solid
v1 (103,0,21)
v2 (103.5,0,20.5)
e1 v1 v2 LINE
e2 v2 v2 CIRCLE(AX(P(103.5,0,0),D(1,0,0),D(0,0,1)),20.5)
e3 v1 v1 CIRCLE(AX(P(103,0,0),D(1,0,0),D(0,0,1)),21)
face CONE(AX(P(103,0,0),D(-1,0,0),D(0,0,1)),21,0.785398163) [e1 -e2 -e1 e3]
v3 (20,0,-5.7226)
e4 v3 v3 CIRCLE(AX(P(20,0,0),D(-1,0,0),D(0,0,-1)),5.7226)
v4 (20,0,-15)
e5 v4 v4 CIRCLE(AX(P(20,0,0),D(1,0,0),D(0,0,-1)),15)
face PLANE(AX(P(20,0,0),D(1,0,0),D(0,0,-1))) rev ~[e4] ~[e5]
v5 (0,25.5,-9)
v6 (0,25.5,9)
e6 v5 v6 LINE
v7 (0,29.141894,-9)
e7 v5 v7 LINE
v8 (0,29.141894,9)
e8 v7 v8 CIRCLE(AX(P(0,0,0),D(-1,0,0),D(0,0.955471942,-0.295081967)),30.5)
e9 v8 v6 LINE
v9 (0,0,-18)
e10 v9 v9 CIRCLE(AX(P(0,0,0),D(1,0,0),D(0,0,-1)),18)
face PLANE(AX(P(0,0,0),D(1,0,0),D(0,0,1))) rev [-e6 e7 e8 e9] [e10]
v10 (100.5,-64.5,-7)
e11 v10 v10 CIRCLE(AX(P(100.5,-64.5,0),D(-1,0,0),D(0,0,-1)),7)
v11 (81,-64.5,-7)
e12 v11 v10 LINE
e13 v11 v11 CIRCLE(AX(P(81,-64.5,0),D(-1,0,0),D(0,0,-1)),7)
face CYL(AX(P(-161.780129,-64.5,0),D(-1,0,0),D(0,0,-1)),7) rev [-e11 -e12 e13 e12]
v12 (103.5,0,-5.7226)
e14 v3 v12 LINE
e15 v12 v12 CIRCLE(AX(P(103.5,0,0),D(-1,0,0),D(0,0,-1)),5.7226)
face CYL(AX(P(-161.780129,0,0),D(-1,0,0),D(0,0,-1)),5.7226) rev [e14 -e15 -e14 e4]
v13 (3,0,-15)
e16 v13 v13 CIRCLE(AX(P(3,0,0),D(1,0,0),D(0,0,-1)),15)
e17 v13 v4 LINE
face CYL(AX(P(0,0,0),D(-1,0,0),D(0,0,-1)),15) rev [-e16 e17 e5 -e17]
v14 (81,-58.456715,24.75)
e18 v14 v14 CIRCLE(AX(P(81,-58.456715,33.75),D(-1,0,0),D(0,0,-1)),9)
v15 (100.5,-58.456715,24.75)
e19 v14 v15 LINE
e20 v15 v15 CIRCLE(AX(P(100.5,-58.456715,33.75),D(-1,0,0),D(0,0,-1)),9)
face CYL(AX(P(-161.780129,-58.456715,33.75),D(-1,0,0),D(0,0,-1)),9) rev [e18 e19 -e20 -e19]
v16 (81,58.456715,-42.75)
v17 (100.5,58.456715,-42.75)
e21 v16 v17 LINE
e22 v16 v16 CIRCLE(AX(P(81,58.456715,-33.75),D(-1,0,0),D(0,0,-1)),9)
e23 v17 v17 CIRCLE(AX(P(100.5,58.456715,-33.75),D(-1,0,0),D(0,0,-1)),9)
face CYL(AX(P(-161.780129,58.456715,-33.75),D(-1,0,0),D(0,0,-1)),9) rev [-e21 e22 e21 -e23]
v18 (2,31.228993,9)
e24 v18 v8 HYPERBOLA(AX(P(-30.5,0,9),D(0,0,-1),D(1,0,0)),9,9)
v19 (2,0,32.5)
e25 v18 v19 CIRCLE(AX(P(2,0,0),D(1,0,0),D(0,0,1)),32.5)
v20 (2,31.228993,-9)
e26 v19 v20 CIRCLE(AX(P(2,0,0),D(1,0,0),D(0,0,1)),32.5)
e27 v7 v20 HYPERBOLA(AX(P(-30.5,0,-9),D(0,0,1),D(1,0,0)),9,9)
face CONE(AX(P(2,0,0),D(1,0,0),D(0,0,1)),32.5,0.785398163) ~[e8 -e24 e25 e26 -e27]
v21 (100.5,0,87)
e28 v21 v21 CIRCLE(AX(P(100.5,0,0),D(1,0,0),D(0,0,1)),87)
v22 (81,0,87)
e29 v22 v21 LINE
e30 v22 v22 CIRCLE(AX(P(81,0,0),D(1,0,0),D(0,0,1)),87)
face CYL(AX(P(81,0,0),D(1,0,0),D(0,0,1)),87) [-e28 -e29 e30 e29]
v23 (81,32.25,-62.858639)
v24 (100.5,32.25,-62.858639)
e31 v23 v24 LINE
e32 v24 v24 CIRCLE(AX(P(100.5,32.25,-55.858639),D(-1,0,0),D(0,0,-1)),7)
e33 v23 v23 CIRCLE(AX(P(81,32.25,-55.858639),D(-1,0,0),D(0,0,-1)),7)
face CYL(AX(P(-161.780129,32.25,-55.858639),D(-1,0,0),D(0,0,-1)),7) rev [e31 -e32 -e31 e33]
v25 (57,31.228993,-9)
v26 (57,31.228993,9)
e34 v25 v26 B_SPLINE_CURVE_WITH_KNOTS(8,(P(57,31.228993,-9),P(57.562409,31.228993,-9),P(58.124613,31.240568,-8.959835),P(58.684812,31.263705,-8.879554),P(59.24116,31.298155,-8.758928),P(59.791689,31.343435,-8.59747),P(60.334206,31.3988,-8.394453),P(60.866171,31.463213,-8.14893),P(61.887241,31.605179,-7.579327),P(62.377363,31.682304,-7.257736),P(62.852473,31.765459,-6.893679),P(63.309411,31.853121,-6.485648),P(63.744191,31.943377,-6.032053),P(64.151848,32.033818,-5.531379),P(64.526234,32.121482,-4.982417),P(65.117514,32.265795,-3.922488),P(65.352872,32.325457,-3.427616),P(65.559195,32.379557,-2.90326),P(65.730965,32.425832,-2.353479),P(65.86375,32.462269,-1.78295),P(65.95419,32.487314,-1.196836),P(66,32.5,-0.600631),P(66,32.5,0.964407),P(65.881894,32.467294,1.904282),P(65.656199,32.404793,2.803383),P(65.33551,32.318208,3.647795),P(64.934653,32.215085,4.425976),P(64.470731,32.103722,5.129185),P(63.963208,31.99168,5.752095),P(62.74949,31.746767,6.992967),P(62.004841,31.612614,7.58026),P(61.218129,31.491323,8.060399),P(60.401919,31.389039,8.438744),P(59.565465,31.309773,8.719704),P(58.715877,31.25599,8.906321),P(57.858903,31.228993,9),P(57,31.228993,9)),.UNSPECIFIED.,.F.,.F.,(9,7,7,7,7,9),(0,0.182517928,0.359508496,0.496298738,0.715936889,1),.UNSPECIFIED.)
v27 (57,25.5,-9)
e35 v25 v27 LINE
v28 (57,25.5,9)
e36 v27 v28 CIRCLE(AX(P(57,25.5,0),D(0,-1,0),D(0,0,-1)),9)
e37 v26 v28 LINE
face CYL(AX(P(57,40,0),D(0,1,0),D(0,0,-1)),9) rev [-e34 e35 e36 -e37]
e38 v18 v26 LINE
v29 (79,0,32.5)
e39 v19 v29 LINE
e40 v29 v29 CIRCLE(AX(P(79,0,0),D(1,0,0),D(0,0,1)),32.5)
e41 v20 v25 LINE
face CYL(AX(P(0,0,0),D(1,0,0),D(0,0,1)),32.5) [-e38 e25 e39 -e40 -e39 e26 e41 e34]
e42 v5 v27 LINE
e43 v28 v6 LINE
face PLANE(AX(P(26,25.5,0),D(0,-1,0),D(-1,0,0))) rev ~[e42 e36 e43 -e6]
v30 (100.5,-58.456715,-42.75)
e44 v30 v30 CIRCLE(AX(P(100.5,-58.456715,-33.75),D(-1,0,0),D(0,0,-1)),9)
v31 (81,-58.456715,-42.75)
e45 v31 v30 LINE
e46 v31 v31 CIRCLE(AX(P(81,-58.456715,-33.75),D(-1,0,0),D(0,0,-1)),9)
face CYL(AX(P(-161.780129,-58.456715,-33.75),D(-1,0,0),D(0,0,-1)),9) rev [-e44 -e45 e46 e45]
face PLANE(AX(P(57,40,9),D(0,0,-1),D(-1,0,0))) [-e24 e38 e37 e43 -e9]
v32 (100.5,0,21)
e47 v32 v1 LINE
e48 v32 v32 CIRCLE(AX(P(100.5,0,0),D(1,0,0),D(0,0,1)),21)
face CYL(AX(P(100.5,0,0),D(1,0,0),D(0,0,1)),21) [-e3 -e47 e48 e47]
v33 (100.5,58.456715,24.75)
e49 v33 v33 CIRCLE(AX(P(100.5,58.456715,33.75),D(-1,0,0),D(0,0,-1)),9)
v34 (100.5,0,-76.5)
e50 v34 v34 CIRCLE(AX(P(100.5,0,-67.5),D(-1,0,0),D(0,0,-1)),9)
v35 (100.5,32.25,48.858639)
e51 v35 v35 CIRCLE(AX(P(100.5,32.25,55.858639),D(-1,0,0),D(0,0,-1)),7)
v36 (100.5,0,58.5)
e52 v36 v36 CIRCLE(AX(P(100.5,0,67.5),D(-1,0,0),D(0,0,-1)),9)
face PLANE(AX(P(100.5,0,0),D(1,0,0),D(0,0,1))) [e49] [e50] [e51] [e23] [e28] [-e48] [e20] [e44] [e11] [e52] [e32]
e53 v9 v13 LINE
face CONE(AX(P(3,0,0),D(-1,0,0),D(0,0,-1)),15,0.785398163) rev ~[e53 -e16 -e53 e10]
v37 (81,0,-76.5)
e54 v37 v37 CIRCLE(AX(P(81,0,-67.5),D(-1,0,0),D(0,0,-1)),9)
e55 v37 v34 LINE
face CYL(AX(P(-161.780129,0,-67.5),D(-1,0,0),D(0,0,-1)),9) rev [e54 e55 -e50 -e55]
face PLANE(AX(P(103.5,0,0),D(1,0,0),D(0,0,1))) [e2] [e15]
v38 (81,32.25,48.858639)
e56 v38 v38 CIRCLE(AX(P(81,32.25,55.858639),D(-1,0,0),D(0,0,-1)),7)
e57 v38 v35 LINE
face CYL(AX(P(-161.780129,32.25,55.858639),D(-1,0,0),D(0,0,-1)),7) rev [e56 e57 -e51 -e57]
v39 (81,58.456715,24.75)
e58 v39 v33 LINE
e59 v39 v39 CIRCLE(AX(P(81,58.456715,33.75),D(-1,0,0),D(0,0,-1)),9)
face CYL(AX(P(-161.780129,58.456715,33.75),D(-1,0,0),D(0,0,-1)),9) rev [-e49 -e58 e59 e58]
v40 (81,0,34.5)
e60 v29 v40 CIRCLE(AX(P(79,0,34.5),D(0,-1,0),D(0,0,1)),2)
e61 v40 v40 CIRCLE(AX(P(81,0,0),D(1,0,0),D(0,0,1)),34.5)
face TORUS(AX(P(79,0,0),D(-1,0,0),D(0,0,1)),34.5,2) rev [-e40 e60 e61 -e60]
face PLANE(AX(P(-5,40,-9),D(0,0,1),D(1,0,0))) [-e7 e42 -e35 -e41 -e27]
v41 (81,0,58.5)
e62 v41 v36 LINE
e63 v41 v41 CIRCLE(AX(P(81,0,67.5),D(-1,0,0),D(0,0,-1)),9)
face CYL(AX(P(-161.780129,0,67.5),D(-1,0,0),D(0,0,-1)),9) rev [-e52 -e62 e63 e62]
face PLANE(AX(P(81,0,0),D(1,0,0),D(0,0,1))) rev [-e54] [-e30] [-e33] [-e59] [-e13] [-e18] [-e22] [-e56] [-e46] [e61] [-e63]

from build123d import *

# Parameters (mm, degrees)
FILLET_1_R               = 2
CHAMFER_1_SIZE           = 2
CHAMFER_2_SIZE           = 0.5
SKETCH_4_R               = 15
CUT_EXTRUDE_3_DEPTH      = 20
CHAMFER_3_SIZE           = 3
CUT_EXTRUDE_4_DEPTH      = 161.780129369
CUT_EXTRUDE_4_DEPTH_BACK = 161.780129369
SKETCH_5_R               = 5.7226
CUT_EXTRUDE_5_DEPTH      = 14.5
CUT_EXTRUDE_6_DEPTH      = 161.780129369
CUT_EXTRUDE_6_DEPTH_BACK = 161.780129369
SKETCH_7_R               = 9
SKETCH_7_R_2             = 7


with BuildPart() as part:
    # ｽｹｯﾁ1 → 回転1 (revolve)
    with BuildSketch(Plane.XY, mode=Mode.PRIVATE) as revolve_1_sk:
        Polygon((0, 0), (0, 32.5), (81, 32.5), (81, 87), (100.5, 87), (100.5, 21), (103.5, 21), (103.5, 0), align=None)
    revolve(revolve_1_sk.sketch.rotate(Axis((0, 0, 0), (1, 0, 0)), 90), axis=Axis((0, 0, 0), (1, 0, 0)))

    # ﾌｨﾚｯﾄ1
    fillet_1_edges = [part.edges().sort_by_distance(p)[0] for p in [
        (81, 0, -32.5),
    ]]
    fillet(fillet_1_edges, radius=FILLET_1_R)

    # 面取り1
    chamfer_1_edges = [part.edges().sort_by_distance(p)[0] for p in [
        (0, 0, -32.5),
    ]]
    chamfer(chamfer_1_edges, length=CHAMFER_1_SIZE)

    # 面取り2
    chamfer_2_edges = [part.edges().sort_by_distance(p)[0] for p in [
        (103.5, 0, -21),
    ]]
    chamfer(chamfer_2_edges, length=CHAMFER_2_SIZE)

    # ｽｹｯﾁ4 → ｶｯﾄ - 押し出し3 (cut)
    with BuildSketch(Plane(origin=(0, 0, 0), x_dir=(0, 0, -1), z_dir=(1, 0, 0))):
        Circle(SKETCH_4_R)
    extrude(amount=CUT_EXTRUDE_3_DEPTH, mode=Mode.SUBTRACT)

    # 面取り3
    chamfer_3_edges = [part.edges().sort_by_distance(p)[0] for p in [
        (0, 0, 15),
    ]]
    chamfer(chamfer_3_edges, length=CHAMFER_3_SIZE)

    # ｽｹｯﾁ5 → ｶｯﾄ - 押し出し4 (cut, two sides: drawn at the far end of the back side and taken through both)
    with BuildSketch(Plane(origin=(0, 0, 0), x_dir=(0, 0, -1), z_dir=(1, 0, 0)).offset(-CUT_EXTRUDE_4_DEPTH_BACK)):
        Circle(SKETCH_5_R)
    extrude(amount=CUT_EXTRUDE_4_DEPTH + CUT_EXTRUDE_4_DEPTH_BACK, mode=Mode.SUBTRACT)

    # ｽｹｯﾁ6 → ｶｯﾄ - 押し出し5 (cut)
    with BuildSketch(Plane(origin=(0, 40, 0), x_dir=(1, 0, 0), z_dir=(0, 1, 0))):
        with BuildLine():
            Line((-5, 9), (57, 9))
            ThreePointArc((57, 9), (66, 0), (57, -9))
            Line((57, -9), (-5, -9))
            ThreePointArc((-5, -9), (-14, 0), (-5, 9))
        make_face()
    extrude(amount=-CUT_EXTRUDE_5_DEPTH, mode=Mode.SUBTRACT)

    # ｽｹｯﾁ7 → ｶｯﾄ - 押し出し6 (cut, two sides: drawn at the far end of the back side and taken through both)
    with BuildSketch(Plane(origin=(0, 0, 0), x_dir=(0, 0, -1), z_dir=(1, 0, 0)).offset(-CUT_EXTRUDE_6_DEPTH_BACK)):
        with Locations((67.5, 0)):
            Circle(SKETCH_7_R)
        with Locations((33.75, 58.456714755)):
            Circle(SKETCH_7_R)
        with Locations((-33.75, 58.456714755)):
            Circle(SKETCH_7_R)
        with Locations((-67.5, 0)):
            Circle(SKETCH_7_R)
        with Locations((-33.75, -58.456714755)):
            Circle(SKETCH_7_R)
        with Locations((33.75, -58.456714755)):
            Circle(SKETCH_7_R)
        with Locations((55.858638544, 32.25)):
            Circle(SKETCH_7_R_2)
        with Locations((-55.858638544, 32.25)):
            Circle(SKETCH_7_R_2)
        with Locations((0, -64.5)):
            Circle(SKETCH_7_R_2)
    extrude(amount=CUT_EXTRUDE_6_DEPTH + CUT_EXTRUDE_6_DEPTH_BACK, mode=Mode.SUBTRACT)


solid = part.part
